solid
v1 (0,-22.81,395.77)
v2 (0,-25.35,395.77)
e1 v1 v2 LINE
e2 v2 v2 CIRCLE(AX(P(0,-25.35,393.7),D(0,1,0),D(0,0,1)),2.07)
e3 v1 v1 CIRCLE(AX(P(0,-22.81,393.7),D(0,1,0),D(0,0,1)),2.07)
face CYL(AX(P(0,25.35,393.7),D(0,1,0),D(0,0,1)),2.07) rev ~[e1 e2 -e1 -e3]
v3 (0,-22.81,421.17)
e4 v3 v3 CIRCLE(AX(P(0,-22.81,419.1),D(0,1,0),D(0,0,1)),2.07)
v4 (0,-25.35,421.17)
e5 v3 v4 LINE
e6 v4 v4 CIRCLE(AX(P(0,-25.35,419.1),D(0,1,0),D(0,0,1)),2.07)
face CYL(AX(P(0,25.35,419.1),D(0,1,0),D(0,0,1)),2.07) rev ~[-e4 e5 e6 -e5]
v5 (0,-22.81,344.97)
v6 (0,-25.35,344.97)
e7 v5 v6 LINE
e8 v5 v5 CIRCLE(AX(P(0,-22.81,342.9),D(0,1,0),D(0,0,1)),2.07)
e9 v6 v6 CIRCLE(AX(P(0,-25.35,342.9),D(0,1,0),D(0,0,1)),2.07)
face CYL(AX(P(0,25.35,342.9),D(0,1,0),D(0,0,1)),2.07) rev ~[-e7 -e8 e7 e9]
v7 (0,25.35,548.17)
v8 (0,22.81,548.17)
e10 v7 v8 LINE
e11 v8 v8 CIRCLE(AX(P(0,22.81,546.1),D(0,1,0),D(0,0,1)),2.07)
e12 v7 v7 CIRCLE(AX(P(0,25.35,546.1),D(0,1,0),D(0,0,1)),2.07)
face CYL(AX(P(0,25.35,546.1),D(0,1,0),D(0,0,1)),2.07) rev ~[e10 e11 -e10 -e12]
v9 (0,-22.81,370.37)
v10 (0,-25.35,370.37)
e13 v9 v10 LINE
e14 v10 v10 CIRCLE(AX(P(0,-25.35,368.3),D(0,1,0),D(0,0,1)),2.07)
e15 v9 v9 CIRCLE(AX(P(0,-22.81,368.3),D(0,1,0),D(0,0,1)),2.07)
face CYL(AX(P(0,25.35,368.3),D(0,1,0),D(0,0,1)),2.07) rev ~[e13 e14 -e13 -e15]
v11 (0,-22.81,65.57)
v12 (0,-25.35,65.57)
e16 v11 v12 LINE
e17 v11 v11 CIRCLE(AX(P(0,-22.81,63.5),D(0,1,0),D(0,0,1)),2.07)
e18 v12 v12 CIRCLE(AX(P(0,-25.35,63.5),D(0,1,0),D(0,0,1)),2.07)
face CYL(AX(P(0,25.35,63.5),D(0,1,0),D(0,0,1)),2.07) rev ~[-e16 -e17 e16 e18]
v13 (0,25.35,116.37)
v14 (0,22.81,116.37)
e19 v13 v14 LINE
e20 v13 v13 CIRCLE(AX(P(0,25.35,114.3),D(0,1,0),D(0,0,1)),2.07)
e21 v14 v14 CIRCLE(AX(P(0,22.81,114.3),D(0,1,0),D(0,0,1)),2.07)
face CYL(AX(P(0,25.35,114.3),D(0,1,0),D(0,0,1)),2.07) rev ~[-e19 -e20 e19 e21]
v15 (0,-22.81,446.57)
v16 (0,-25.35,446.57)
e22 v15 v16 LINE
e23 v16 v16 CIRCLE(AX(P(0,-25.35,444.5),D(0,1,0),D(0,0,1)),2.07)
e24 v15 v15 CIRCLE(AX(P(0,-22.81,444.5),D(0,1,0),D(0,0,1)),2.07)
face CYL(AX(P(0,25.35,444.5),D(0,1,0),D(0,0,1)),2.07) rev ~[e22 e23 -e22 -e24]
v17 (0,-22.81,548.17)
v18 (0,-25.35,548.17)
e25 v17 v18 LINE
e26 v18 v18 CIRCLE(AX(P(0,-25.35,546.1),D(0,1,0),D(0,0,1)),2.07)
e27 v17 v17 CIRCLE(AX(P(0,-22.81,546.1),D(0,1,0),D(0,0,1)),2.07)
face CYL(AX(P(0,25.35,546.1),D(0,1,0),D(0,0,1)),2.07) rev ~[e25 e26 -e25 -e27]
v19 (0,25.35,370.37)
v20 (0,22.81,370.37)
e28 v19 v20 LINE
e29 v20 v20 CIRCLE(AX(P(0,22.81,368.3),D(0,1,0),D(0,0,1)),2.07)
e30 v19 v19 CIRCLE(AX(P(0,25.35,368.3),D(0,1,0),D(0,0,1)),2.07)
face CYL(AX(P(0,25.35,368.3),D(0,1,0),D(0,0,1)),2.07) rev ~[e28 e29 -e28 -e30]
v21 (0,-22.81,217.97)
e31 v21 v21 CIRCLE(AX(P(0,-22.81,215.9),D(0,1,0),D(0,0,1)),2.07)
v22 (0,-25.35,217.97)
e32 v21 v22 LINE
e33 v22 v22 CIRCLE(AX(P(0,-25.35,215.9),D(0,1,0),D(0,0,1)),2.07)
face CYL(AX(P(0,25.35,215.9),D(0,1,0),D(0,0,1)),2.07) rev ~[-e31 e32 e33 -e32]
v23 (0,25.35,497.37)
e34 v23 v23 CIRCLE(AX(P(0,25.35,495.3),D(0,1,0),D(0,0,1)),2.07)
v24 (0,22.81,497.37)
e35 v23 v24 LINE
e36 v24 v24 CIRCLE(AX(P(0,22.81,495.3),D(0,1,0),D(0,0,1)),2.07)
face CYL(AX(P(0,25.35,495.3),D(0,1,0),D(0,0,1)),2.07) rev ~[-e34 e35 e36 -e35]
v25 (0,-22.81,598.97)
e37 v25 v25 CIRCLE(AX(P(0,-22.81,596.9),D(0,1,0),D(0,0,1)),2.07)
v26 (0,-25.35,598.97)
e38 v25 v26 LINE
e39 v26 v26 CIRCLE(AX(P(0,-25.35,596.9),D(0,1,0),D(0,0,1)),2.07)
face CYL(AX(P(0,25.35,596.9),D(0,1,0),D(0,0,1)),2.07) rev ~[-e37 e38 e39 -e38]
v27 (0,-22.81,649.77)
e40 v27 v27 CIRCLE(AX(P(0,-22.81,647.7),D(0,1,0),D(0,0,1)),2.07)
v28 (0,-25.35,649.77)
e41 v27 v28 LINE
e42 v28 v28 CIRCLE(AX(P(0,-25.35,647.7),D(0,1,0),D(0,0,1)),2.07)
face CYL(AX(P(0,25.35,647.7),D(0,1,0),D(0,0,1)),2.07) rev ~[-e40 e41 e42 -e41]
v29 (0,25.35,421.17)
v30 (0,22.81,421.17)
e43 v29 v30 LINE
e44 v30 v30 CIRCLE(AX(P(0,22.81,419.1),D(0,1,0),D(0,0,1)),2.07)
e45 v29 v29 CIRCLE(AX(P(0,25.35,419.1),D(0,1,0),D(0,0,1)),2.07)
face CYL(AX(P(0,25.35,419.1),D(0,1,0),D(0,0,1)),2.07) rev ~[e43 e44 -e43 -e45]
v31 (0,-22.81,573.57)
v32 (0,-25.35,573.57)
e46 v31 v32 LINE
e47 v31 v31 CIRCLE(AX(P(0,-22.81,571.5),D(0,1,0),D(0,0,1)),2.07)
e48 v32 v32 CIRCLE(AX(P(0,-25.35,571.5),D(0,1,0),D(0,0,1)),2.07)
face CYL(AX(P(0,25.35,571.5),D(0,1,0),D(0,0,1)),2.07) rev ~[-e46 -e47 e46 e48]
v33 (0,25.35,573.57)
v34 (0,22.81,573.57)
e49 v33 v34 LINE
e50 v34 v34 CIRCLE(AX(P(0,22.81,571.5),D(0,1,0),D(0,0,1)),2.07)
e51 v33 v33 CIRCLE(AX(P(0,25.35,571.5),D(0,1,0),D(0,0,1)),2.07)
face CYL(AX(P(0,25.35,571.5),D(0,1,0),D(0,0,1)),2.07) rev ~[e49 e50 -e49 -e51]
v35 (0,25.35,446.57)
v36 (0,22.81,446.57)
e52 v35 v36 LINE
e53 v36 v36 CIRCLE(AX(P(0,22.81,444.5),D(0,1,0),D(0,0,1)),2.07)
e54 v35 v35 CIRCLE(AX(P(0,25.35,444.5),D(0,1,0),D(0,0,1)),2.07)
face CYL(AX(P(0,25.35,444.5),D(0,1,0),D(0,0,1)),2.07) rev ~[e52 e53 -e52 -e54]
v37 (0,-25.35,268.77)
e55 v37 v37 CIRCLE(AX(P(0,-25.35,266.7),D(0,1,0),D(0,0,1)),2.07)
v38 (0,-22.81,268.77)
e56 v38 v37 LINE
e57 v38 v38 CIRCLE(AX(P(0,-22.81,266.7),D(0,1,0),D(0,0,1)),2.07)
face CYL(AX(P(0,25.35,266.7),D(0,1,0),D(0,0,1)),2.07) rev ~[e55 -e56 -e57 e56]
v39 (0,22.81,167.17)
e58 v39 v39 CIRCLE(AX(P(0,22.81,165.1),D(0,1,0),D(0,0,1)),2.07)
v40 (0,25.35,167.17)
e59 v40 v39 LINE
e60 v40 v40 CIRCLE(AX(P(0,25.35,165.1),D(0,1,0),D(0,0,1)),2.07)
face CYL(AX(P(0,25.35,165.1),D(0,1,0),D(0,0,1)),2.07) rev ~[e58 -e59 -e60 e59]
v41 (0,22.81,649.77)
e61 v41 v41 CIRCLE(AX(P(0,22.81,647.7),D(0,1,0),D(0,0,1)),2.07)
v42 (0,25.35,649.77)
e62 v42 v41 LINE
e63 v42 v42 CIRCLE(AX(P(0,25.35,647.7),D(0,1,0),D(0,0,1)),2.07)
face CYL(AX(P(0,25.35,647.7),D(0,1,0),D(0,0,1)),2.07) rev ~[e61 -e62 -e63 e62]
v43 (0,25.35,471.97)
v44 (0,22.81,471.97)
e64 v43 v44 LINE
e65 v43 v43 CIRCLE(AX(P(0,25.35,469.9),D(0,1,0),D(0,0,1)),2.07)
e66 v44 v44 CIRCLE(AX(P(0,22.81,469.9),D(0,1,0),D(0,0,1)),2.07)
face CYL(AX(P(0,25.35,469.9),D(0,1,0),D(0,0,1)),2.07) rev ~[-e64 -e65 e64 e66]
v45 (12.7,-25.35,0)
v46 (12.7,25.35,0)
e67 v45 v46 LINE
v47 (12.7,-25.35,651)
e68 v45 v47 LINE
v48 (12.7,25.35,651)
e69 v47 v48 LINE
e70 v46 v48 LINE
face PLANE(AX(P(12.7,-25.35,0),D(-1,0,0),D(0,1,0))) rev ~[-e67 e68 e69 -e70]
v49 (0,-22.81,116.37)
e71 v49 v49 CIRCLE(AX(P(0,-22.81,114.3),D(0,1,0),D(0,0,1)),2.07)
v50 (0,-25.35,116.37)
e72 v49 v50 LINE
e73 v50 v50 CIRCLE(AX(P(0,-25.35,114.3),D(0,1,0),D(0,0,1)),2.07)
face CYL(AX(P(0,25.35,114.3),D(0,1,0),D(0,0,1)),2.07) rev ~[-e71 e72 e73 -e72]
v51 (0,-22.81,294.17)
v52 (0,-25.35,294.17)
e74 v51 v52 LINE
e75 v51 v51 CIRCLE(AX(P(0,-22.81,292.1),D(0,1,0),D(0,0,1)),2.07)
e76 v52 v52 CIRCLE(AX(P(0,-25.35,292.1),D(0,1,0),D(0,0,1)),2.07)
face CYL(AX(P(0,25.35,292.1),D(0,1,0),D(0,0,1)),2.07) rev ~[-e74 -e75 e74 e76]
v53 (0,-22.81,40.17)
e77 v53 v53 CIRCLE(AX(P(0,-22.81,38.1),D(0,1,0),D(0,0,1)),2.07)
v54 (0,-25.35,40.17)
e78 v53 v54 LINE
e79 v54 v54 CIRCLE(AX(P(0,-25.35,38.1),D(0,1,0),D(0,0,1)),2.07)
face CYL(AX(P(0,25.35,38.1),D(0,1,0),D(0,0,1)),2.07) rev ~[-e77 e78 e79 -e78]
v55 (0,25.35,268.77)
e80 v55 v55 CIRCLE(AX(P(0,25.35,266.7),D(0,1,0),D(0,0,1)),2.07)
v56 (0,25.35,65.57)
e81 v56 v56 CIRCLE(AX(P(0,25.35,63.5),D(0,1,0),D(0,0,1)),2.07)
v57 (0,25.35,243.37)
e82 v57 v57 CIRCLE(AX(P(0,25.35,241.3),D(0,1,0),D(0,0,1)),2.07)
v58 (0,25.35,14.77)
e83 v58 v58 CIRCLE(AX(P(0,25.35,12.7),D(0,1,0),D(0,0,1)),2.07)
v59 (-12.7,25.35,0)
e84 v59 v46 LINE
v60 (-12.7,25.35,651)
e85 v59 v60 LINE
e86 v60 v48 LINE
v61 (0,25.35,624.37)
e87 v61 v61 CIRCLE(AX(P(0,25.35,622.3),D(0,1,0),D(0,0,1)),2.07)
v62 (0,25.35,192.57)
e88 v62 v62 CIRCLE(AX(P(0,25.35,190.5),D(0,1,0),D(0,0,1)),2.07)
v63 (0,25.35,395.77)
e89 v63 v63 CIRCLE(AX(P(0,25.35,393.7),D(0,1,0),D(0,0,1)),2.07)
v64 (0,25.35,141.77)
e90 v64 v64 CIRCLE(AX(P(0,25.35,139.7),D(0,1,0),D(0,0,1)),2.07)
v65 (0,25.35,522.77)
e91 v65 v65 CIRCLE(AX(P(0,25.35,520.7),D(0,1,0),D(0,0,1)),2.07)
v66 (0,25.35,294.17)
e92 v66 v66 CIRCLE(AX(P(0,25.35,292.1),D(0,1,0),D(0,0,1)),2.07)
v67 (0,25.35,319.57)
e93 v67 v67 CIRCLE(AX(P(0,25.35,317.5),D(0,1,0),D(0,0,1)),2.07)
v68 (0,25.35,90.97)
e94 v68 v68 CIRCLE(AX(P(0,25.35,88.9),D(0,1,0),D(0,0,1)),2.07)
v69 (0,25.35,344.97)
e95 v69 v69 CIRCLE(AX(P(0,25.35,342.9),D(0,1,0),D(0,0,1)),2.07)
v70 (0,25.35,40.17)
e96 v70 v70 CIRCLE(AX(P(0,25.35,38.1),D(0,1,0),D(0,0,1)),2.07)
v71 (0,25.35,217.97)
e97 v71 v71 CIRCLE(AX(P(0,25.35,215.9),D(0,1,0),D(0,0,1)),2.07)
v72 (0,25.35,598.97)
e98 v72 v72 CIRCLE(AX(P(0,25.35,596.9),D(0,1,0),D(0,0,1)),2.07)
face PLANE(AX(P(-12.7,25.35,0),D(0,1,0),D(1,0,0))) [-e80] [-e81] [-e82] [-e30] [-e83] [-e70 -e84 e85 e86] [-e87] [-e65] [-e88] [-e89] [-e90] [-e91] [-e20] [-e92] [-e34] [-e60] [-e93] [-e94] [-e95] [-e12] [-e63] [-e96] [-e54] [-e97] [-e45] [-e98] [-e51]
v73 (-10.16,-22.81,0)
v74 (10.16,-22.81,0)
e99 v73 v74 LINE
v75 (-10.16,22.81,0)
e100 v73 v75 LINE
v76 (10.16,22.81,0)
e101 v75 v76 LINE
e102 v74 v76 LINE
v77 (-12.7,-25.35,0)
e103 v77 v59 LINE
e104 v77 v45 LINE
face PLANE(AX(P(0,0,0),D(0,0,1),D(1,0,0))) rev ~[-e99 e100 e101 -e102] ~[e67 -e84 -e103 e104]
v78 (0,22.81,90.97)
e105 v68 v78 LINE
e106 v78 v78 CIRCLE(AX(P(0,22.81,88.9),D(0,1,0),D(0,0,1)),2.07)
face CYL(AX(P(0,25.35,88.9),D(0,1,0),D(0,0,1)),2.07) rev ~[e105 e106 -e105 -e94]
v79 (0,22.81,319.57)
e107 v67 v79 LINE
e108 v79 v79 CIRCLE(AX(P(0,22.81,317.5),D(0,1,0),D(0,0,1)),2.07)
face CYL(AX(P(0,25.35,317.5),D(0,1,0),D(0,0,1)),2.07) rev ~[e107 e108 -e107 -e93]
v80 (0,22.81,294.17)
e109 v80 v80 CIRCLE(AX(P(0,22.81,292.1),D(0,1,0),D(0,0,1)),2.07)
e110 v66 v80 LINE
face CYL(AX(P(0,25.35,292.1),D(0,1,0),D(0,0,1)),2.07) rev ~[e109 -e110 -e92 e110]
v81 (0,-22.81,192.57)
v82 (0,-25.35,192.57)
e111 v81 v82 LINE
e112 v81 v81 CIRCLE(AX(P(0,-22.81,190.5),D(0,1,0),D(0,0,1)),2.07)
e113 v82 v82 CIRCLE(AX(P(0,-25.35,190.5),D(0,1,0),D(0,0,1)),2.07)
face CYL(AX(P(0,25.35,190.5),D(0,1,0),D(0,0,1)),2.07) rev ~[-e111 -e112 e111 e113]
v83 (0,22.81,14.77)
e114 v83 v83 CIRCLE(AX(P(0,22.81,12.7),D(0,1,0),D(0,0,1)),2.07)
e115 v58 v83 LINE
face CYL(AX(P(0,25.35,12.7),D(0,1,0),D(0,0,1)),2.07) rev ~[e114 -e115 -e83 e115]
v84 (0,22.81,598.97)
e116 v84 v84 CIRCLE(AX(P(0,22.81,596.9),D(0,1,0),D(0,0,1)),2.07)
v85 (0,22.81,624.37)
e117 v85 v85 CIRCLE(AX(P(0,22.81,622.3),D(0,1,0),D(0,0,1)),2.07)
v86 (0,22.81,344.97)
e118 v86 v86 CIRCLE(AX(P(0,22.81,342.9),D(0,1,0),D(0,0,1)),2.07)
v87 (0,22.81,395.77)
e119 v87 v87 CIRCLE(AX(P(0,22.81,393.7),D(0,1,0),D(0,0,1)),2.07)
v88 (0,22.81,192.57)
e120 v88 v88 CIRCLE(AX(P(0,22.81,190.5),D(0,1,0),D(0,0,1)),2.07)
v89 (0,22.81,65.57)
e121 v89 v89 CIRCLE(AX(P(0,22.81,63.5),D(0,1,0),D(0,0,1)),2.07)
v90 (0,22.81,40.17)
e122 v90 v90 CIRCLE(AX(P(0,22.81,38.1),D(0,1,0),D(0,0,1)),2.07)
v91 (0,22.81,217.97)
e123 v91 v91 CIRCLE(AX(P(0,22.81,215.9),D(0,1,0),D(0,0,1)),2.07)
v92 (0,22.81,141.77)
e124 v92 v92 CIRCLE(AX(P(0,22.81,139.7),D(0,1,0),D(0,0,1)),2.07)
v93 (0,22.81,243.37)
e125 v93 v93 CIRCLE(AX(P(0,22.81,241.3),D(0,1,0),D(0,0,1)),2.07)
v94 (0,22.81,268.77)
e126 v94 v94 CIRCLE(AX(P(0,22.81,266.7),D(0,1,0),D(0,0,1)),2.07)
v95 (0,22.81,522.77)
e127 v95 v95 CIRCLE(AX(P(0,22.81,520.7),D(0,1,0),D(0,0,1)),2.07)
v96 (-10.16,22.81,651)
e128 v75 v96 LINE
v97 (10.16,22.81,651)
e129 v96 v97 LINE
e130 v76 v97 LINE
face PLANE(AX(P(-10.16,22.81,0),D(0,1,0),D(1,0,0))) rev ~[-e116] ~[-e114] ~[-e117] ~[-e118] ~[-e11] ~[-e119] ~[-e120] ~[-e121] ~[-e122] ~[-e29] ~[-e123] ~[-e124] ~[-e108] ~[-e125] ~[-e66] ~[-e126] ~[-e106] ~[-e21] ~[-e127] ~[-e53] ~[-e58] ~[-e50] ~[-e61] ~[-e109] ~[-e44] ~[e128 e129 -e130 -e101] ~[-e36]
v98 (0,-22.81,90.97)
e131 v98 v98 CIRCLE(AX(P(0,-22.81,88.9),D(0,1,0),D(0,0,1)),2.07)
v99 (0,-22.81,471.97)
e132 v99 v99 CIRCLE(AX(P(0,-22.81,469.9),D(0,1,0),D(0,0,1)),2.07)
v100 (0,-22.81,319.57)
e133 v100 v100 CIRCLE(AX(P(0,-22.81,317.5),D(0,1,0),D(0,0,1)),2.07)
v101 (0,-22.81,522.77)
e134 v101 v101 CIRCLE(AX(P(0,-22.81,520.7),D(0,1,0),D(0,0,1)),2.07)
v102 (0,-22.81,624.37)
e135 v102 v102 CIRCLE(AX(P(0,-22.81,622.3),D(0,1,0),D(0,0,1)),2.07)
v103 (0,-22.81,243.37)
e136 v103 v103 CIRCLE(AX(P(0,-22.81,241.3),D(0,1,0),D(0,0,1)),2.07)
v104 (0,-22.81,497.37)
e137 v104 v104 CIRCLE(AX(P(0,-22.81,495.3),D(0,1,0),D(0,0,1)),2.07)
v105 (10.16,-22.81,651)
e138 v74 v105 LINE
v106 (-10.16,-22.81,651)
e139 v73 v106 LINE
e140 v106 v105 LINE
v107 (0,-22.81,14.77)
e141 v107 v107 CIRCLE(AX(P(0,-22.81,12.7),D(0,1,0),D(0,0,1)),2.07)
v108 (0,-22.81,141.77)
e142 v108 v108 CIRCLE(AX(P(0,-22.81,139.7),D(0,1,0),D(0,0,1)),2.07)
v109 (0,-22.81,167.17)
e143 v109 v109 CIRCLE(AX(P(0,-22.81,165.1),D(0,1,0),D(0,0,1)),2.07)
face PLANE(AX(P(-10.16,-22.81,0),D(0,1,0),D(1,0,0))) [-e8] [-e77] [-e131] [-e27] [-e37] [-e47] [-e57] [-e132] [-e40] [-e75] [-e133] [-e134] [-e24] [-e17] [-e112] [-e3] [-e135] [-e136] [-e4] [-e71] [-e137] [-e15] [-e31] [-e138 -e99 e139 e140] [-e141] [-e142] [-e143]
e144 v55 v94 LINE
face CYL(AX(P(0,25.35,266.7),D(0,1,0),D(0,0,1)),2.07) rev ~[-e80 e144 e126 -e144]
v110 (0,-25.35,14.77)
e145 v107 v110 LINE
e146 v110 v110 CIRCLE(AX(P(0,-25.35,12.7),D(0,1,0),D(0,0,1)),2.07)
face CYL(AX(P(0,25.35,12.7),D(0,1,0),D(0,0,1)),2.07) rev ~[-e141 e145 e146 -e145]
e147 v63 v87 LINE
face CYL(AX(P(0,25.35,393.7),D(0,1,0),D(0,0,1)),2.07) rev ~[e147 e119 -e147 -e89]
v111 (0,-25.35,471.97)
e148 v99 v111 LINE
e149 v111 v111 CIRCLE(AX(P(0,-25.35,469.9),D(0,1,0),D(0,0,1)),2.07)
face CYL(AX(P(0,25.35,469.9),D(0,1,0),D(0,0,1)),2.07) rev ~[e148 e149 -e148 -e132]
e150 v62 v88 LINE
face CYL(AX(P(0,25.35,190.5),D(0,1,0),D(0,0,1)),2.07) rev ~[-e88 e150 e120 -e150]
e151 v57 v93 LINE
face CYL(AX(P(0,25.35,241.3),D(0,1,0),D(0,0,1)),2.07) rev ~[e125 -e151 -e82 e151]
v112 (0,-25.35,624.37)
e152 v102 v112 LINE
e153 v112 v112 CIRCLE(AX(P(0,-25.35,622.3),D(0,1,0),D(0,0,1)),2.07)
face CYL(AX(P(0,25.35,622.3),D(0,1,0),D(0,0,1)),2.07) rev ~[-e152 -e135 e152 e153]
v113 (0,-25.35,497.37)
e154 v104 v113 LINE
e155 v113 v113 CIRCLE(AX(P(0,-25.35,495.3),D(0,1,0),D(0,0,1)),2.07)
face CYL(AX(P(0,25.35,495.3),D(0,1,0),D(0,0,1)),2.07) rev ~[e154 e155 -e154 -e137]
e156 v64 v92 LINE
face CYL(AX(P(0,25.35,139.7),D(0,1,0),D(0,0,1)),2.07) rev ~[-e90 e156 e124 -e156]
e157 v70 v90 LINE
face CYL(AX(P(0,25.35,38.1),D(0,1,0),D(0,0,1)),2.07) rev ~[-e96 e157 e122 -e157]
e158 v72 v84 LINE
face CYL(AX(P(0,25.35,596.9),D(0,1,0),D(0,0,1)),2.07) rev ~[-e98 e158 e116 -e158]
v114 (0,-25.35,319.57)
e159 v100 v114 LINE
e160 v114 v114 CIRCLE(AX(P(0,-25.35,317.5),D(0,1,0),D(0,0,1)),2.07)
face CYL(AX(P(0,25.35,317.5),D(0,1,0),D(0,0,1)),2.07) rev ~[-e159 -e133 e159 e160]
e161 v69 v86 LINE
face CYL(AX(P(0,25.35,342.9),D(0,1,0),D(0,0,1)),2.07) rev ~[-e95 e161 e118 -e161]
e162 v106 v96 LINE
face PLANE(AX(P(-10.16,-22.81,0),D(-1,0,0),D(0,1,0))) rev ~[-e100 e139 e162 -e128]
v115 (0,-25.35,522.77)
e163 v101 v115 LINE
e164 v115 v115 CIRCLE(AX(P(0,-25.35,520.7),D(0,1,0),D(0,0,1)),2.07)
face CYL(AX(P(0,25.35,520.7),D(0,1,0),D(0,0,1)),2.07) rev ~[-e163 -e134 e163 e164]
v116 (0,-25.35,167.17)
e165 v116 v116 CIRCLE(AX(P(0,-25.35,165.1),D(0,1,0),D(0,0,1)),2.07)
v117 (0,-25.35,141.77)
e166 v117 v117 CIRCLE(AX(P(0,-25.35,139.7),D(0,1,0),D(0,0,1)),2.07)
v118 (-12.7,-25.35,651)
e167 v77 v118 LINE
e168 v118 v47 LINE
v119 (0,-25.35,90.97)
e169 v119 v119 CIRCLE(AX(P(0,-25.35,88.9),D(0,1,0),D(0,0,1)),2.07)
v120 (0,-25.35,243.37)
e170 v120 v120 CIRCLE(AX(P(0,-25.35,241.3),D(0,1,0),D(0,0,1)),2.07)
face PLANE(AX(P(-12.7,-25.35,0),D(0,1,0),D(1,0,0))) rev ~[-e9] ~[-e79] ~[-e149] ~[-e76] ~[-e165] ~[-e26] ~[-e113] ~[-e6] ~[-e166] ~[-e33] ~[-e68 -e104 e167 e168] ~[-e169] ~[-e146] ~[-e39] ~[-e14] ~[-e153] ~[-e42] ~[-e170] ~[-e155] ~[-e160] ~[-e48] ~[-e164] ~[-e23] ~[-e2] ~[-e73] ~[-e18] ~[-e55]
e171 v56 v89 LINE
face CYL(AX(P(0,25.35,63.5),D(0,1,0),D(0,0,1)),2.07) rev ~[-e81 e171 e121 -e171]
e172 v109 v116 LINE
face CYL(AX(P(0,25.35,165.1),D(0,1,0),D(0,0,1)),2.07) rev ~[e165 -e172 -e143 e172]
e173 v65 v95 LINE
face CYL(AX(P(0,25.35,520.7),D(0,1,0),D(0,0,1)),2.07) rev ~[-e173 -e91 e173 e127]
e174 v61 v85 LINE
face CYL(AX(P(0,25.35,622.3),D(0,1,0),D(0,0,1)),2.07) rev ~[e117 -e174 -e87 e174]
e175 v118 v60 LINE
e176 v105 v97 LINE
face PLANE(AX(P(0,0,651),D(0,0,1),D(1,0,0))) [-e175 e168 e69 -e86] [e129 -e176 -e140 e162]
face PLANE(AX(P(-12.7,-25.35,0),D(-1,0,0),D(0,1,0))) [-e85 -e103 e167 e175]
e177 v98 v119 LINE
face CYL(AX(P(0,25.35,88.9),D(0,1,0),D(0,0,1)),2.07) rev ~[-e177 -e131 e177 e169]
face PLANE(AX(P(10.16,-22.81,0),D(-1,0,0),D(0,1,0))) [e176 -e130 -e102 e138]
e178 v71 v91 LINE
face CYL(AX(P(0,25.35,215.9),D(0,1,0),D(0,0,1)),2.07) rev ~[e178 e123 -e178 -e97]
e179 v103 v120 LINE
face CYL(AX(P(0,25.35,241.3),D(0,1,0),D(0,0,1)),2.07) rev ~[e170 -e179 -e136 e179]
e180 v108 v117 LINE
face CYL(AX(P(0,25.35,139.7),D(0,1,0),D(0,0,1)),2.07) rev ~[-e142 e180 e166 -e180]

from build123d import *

# Parameters (mm, degrees)
CROQUIS1_W              = 25.4
CROQUIS1_H              = 50.7
CROQUIS1_W_2            = 20.32
CROQUIS1_H_2            = 45.62
SALIENTE_EXTRUIR1_DEPTH = 651
CROQUIS2_R              = 2.07
CORTAR_EXTRUIR2_DEPTH   = 54


with BuildPart() as part:
    # Croquis1 → Saliente-Extruir1 (new body)
    with BuildSketch(Plane.XY):
        Rectangle(CROQUIS1_W, CROQUIS1_H)
        Rectangle(CROQUIS1_W_2, CROQUIS1_H_2, mode=Mode.SUBTRACT)
    extrude(amount=SALIENTE_EXTRUIR1_DEPTH)

    # Croquis2 → Cortar-Extruir2 (cut)
    with BuildSketch(Plane(origin=(0, 25.35, 0), x_dir=(1, 0, 0), z_dir=(0, 1, 0))):
        with Locations(Location((0, -12.7, 0), (0, 0, 270))):
            Circle(CROQUIS2_R)
        with Locations(Location((0, -38.1, 0), (0, 0, 270))):
            Circle(CROQUIS2_R)
        with Locations(Location((0, -63.5, 0), (0, 0, 270))):
            Circle(CROQUIS2_R)
        with Locations(Location((0, -88.9, 0), (0, 0, 270))):
            Circle(CROQUIS2_R)
        with Locations(Location((0, -114.3, 0), (0, 0, 270))):
            Circle(CROQUIS2_R)
        with Locations(Location((0, -139.7, 0), (0, 0, 270))):
            Circle(CROQUIS2_R)
        with Locations(Location((0, -165.1, 0), (0, 0, 270))):
            Circle(CROQUIS2_R)
        with Locations(Location((0, -190.5, 0), (0, 0, 270))):
            Circle(CROQUIS2_R)
        with Locations(Location((0, -215.9, 0), (0, 0, 270))):
            Circle(CROQUIS2_R)
        with Locations(Location((0, -241.3, 0), (0, 0, 270))):
            Circle(CROQUIS2_R)
        with Locations(Location((0, -266.7, 0), (0, 0, 270))):
            Circle(CROQUIS2_R)
        with Locations(Location((0, -292.1, 0), (0, 0, 270))):
            Circle(CROQUIS2_R)
        with Locations(Location((0, -317.5, 0), (0, 0, 270))):
            Circle(CROQUIS2_R)
        with Locations(Location((0, -342.9, 0), (0, 0, 270))):
            Circle(CROQUIS2_R)
        with Locations(Location((0, -368.3, 0), (0, 0, 270))):
            Circle(CROQUIS2_R)
        with Locations(Location((0, -393.7, 0), (0, 0, 270))):
            Circle(CROQUIS2_R)
        with Locations(Location((0, -419.1, 0), (0, 0, 270))):
            Circle(CROQUIS2_R)
        with Locations(Location((0, -444.5, 0), (0, 0, 270))):
            Circle(CROQUIS2_R)
        with Locations(Location((0, -469.9, 0), (0, 0, 270))):
            Circle(CROQUIS2_R)
        with Locations(Location((0, -495.3, 0), (0, 0, 270))):
            Circle(CROQUIS2_R)
        with Locations(Location((0, -520.7, 0), (0, 0, 270))):
            Circle(CROQUIS2_R)
        with Locations(Location((0, -546.1, 0), (0, 0, 270))):
            Circle(CROQUIS2_R)
        with Locations(Location((0, -571.5, 0), (0, 0, 270))):
            Circle(CROQUIS2_R)
        with Locations(Location((0, -596.9, 0), (0, 0, 270))):
            Circle(CROQUIS2_R)
        with Locations(Location((0, -622.3, 0), (0, 0, 270))):
            Circle(CROQUIS2_R)
        with Locations(Location((0, -647.7, 0), (0, 0, 270))):
            Circle(CROQUIS2_R)
    extrude(amount=-CORTAR_EXTRUIR2_DEPTH, mode=Mode.SUBTRACT)


solid = part.part
